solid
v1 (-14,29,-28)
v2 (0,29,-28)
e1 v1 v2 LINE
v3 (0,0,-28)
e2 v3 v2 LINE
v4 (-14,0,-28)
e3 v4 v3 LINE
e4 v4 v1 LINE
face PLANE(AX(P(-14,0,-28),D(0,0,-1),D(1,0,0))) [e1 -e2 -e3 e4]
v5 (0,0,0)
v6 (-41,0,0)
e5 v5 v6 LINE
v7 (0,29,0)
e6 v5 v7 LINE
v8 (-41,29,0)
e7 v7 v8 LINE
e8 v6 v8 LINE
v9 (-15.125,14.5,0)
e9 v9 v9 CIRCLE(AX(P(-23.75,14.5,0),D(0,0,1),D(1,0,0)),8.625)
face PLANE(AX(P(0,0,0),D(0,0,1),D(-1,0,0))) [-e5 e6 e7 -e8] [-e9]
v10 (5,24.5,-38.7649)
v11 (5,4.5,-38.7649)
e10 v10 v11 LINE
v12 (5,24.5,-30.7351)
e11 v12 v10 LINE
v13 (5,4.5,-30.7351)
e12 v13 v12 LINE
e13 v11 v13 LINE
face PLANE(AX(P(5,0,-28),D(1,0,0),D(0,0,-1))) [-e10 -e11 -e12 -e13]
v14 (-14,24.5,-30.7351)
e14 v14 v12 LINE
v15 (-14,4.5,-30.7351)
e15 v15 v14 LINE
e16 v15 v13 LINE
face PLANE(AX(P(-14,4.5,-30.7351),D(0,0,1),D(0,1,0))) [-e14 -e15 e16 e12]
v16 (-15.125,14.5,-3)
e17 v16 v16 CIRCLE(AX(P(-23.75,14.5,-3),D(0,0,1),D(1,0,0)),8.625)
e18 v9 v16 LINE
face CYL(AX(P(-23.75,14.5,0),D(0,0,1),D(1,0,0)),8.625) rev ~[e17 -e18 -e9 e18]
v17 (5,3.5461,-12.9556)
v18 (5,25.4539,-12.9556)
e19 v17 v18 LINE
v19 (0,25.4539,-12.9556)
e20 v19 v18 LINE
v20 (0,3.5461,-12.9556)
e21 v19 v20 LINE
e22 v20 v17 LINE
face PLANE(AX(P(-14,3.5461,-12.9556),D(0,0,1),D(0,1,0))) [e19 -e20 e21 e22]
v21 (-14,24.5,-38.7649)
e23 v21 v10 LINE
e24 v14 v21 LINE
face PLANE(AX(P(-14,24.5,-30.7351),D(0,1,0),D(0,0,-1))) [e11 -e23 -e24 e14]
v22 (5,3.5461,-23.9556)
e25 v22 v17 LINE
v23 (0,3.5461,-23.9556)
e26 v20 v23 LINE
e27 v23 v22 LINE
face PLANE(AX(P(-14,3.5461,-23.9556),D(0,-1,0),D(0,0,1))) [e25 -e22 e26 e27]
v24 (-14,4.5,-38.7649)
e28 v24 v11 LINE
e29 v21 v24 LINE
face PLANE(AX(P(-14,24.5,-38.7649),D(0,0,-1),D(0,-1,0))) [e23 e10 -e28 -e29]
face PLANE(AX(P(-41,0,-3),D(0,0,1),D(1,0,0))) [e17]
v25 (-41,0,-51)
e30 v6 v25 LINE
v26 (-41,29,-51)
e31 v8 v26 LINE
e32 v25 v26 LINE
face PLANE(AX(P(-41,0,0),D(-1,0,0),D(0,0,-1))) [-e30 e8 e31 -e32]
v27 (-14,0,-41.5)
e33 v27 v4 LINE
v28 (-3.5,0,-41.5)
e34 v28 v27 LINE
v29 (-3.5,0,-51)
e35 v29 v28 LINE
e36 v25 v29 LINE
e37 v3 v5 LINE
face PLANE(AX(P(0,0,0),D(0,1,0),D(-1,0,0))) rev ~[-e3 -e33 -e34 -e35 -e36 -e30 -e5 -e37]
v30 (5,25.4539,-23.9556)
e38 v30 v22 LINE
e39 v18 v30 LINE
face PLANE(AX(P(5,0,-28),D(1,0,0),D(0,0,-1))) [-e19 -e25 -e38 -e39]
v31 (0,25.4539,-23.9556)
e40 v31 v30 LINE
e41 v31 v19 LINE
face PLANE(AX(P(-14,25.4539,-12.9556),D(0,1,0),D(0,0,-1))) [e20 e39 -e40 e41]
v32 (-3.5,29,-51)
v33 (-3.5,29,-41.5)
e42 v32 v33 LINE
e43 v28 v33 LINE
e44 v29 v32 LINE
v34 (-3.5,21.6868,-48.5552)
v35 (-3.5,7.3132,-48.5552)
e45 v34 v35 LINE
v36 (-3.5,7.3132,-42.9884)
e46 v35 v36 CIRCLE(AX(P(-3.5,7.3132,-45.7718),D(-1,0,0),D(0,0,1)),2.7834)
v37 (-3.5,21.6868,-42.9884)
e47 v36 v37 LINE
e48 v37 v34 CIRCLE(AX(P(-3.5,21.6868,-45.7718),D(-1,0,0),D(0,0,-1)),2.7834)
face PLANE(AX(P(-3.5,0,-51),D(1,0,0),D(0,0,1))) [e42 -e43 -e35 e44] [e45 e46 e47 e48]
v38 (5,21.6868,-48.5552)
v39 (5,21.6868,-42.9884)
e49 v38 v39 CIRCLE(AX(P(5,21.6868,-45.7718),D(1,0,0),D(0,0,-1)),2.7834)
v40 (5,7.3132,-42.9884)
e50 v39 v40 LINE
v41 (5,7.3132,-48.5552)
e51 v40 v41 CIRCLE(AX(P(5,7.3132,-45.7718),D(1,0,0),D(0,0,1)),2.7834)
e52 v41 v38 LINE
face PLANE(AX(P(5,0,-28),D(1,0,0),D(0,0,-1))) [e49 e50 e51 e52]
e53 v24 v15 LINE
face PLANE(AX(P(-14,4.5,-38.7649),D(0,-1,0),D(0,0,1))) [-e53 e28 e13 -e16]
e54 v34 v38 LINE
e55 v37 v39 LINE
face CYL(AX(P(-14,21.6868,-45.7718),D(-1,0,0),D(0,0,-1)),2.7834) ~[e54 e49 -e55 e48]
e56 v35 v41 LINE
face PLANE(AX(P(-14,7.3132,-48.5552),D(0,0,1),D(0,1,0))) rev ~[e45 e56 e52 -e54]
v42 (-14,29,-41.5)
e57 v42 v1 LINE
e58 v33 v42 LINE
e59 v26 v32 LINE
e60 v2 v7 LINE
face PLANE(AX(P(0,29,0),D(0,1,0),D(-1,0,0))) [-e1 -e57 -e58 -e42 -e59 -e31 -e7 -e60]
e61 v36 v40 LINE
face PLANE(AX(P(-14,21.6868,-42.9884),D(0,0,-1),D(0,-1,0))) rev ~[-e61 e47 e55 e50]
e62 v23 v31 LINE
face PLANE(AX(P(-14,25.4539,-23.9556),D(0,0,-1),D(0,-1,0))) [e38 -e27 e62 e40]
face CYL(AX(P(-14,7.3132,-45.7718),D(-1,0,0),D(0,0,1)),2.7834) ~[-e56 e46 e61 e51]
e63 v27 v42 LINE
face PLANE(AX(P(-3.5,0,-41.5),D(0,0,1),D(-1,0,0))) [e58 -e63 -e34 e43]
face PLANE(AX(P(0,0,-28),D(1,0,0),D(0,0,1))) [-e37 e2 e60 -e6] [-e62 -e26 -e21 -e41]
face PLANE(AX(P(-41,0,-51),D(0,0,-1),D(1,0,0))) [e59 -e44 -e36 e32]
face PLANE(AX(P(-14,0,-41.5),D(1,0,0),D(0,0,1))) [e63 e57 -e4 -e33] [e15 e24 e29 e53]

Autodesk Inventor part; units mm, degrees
ref_plane "YZ Plane" through (0, 0, 0) normal (1, 0, 0) x (0, 1, 0)
ref_plane "XZ Plane" through (0, 0, 0) normal (0, 1, 0) x (-1, 0, 0)
ref_plane "XY Plane" through (0, 0, 0) normal (0, 0, 1) x (1, 0, 0)
sketch "Sketch1" plane through (0, 0, 0) normal (0, 1, 0) x (-1, 0, 0)
  line L0 (0, 0) -> (41, 0)
  line L1 (0, 0) -> (41, 0) construction
  line L2 (41, 0) -> (41, -51)
  line L3 (41, -51) -> (3.5, -51)
  line L4 (3.5, -51) -> (3.5, -41.5)
  line L5 (3.5, -41.5) -> (14, -41.5)
  line L6 (14, -41.5) -> (14, -28)
  line L7 (14, -28) -> (0, -28)
  line L8 (0, -28) -> (0, 0)
  dimension "d0" = 41
  dimension "d1" = 0
  dimension "d2" = 51
  dimension "d3" = 90
  dimension "d4" = 37.5
  dimension "d5" = 90
  dimension "d6" = 9.5
  dimension "d7" = 90
  dimension "d8" = 10.5
  dimension "d9" = 13.5
  dimension "d10" = 90
extrude "Extrusion1" add sketch "Sketch1" along normal blind 29
sketch "Sketch2" plane through (-41, 0, 0) normal (0, 0, 1) x (1, 0, 0)
  line L0 (41, 0) -> (0, 0) projected
  line L1 (41, 0) -> (41, 29) projected
  line L2 (0, 29) -> (41, 29) projected
  line L3 (0, 0) -> (0, 29) projected
  circle A0 centre (17.25, 14.5) radius 8.625
  dimension "d13" = 17.25
  dimension "d14" = 17.25
  dimension "d15" = 14.5
extrude "Extrusion2" cut sketch "Sketch2" against normal blind 3 contours A0
sketch "Sketch3" plane through (-14, 0, -28) normal (1, 0, 0) x (0, 0, -1)
  line L0 (13.5, 0) -> (0, 0) projected
  line L1 (13.5, 0) -> (13.5, 29) projected
  line L2 (0, 29) -> (13.5, 29) projected
  line L3 (0, 0) -> (0, 29) projected
  line L4 (0, 0) -> (-28, 0) projected
  line L5 (0, 0) -> (0, 29) projected
  line L6 (-28, 29) -> (0, 29) projected
  line L7 (-28, 0) -> (-28, 29) projected
  line L8 (23, 0) -> (13.5, 0) projected
  line L9 (23, 0) -> (23, 29) projected
  line L10 (13.5, 29) -> (23, 29) projected
  line L11 (13.5, 0) -> (13.5, 29) projected
  line L12 (2.7351, 24.5) -> (10.7649, 24.5)
  line L13 (10.7649, 24.5) -> (10.7649, 4.5)
  line L14 (10.7649, 4.5) -> (2.7351, 4.5)
  line L15 (2.7351, 4.5) -> (2.7351, 24.5)
  line L16 (2.7351, 24.5) -> (10.7649, 4.5) construction
  line L17 (10.7649, 24.5) -> (2.7351, 4.5) construction
  line L18 (-15.0444, 25.4539) -> (-4.0444, 25.4539)
  line L19 (-4.0444, 25.4539) -> (-4.0444, 3.5461)
  line L20 (-4.0444, 3.5461) -> (-15.0444, 3.5461)
  line L21 (-15.0444, 3.5461) -> (-15.0444, 25.4539)
  line L22 (-15.0444, 25.4539) -> (-4.0444, 3.5461) construction
  line L23 (-4.0444, 25.4539) -> (-15.0444, 3.5461) construction
  line L24 (17.7718, 7.3132) -> (17.7718, 21.6868) construction
  line L25 (20.5552, 7.3132) -> (20.5552, 21.6868)
  line L26 (14.9884, 21.6868) -> (14.9884, 7.3132)
  arc A0 (14.9884, 7.3132) -> (20.5552, 7.3132) centre (17.7718, 7.3132) ccw
  arc A1 (20.5552, 21.6868) -> (14.9884, 21.6868) centre (17.7718, 21.6868) ccw
  point P0 (6.75, 14.5)
  point P1 (-9.5444, 14.5)
  point P2 (17.7718, 14.5)
  dimension "d18" = 20
  dimension "d19" = 11
extrude "Extrusion3" add sketch "Sketch3" along normal blind 19 contours L12 L13 L14 L15 | L18 L19 L20 L21 | A0 L26 A1 L25
ref_plane "Work Plane1" through (-23.75, 14.5, -3) normal (0, 1, 0) x (1, 0, 0)
properties part number "00_RGB_Laser_Laserlands"
